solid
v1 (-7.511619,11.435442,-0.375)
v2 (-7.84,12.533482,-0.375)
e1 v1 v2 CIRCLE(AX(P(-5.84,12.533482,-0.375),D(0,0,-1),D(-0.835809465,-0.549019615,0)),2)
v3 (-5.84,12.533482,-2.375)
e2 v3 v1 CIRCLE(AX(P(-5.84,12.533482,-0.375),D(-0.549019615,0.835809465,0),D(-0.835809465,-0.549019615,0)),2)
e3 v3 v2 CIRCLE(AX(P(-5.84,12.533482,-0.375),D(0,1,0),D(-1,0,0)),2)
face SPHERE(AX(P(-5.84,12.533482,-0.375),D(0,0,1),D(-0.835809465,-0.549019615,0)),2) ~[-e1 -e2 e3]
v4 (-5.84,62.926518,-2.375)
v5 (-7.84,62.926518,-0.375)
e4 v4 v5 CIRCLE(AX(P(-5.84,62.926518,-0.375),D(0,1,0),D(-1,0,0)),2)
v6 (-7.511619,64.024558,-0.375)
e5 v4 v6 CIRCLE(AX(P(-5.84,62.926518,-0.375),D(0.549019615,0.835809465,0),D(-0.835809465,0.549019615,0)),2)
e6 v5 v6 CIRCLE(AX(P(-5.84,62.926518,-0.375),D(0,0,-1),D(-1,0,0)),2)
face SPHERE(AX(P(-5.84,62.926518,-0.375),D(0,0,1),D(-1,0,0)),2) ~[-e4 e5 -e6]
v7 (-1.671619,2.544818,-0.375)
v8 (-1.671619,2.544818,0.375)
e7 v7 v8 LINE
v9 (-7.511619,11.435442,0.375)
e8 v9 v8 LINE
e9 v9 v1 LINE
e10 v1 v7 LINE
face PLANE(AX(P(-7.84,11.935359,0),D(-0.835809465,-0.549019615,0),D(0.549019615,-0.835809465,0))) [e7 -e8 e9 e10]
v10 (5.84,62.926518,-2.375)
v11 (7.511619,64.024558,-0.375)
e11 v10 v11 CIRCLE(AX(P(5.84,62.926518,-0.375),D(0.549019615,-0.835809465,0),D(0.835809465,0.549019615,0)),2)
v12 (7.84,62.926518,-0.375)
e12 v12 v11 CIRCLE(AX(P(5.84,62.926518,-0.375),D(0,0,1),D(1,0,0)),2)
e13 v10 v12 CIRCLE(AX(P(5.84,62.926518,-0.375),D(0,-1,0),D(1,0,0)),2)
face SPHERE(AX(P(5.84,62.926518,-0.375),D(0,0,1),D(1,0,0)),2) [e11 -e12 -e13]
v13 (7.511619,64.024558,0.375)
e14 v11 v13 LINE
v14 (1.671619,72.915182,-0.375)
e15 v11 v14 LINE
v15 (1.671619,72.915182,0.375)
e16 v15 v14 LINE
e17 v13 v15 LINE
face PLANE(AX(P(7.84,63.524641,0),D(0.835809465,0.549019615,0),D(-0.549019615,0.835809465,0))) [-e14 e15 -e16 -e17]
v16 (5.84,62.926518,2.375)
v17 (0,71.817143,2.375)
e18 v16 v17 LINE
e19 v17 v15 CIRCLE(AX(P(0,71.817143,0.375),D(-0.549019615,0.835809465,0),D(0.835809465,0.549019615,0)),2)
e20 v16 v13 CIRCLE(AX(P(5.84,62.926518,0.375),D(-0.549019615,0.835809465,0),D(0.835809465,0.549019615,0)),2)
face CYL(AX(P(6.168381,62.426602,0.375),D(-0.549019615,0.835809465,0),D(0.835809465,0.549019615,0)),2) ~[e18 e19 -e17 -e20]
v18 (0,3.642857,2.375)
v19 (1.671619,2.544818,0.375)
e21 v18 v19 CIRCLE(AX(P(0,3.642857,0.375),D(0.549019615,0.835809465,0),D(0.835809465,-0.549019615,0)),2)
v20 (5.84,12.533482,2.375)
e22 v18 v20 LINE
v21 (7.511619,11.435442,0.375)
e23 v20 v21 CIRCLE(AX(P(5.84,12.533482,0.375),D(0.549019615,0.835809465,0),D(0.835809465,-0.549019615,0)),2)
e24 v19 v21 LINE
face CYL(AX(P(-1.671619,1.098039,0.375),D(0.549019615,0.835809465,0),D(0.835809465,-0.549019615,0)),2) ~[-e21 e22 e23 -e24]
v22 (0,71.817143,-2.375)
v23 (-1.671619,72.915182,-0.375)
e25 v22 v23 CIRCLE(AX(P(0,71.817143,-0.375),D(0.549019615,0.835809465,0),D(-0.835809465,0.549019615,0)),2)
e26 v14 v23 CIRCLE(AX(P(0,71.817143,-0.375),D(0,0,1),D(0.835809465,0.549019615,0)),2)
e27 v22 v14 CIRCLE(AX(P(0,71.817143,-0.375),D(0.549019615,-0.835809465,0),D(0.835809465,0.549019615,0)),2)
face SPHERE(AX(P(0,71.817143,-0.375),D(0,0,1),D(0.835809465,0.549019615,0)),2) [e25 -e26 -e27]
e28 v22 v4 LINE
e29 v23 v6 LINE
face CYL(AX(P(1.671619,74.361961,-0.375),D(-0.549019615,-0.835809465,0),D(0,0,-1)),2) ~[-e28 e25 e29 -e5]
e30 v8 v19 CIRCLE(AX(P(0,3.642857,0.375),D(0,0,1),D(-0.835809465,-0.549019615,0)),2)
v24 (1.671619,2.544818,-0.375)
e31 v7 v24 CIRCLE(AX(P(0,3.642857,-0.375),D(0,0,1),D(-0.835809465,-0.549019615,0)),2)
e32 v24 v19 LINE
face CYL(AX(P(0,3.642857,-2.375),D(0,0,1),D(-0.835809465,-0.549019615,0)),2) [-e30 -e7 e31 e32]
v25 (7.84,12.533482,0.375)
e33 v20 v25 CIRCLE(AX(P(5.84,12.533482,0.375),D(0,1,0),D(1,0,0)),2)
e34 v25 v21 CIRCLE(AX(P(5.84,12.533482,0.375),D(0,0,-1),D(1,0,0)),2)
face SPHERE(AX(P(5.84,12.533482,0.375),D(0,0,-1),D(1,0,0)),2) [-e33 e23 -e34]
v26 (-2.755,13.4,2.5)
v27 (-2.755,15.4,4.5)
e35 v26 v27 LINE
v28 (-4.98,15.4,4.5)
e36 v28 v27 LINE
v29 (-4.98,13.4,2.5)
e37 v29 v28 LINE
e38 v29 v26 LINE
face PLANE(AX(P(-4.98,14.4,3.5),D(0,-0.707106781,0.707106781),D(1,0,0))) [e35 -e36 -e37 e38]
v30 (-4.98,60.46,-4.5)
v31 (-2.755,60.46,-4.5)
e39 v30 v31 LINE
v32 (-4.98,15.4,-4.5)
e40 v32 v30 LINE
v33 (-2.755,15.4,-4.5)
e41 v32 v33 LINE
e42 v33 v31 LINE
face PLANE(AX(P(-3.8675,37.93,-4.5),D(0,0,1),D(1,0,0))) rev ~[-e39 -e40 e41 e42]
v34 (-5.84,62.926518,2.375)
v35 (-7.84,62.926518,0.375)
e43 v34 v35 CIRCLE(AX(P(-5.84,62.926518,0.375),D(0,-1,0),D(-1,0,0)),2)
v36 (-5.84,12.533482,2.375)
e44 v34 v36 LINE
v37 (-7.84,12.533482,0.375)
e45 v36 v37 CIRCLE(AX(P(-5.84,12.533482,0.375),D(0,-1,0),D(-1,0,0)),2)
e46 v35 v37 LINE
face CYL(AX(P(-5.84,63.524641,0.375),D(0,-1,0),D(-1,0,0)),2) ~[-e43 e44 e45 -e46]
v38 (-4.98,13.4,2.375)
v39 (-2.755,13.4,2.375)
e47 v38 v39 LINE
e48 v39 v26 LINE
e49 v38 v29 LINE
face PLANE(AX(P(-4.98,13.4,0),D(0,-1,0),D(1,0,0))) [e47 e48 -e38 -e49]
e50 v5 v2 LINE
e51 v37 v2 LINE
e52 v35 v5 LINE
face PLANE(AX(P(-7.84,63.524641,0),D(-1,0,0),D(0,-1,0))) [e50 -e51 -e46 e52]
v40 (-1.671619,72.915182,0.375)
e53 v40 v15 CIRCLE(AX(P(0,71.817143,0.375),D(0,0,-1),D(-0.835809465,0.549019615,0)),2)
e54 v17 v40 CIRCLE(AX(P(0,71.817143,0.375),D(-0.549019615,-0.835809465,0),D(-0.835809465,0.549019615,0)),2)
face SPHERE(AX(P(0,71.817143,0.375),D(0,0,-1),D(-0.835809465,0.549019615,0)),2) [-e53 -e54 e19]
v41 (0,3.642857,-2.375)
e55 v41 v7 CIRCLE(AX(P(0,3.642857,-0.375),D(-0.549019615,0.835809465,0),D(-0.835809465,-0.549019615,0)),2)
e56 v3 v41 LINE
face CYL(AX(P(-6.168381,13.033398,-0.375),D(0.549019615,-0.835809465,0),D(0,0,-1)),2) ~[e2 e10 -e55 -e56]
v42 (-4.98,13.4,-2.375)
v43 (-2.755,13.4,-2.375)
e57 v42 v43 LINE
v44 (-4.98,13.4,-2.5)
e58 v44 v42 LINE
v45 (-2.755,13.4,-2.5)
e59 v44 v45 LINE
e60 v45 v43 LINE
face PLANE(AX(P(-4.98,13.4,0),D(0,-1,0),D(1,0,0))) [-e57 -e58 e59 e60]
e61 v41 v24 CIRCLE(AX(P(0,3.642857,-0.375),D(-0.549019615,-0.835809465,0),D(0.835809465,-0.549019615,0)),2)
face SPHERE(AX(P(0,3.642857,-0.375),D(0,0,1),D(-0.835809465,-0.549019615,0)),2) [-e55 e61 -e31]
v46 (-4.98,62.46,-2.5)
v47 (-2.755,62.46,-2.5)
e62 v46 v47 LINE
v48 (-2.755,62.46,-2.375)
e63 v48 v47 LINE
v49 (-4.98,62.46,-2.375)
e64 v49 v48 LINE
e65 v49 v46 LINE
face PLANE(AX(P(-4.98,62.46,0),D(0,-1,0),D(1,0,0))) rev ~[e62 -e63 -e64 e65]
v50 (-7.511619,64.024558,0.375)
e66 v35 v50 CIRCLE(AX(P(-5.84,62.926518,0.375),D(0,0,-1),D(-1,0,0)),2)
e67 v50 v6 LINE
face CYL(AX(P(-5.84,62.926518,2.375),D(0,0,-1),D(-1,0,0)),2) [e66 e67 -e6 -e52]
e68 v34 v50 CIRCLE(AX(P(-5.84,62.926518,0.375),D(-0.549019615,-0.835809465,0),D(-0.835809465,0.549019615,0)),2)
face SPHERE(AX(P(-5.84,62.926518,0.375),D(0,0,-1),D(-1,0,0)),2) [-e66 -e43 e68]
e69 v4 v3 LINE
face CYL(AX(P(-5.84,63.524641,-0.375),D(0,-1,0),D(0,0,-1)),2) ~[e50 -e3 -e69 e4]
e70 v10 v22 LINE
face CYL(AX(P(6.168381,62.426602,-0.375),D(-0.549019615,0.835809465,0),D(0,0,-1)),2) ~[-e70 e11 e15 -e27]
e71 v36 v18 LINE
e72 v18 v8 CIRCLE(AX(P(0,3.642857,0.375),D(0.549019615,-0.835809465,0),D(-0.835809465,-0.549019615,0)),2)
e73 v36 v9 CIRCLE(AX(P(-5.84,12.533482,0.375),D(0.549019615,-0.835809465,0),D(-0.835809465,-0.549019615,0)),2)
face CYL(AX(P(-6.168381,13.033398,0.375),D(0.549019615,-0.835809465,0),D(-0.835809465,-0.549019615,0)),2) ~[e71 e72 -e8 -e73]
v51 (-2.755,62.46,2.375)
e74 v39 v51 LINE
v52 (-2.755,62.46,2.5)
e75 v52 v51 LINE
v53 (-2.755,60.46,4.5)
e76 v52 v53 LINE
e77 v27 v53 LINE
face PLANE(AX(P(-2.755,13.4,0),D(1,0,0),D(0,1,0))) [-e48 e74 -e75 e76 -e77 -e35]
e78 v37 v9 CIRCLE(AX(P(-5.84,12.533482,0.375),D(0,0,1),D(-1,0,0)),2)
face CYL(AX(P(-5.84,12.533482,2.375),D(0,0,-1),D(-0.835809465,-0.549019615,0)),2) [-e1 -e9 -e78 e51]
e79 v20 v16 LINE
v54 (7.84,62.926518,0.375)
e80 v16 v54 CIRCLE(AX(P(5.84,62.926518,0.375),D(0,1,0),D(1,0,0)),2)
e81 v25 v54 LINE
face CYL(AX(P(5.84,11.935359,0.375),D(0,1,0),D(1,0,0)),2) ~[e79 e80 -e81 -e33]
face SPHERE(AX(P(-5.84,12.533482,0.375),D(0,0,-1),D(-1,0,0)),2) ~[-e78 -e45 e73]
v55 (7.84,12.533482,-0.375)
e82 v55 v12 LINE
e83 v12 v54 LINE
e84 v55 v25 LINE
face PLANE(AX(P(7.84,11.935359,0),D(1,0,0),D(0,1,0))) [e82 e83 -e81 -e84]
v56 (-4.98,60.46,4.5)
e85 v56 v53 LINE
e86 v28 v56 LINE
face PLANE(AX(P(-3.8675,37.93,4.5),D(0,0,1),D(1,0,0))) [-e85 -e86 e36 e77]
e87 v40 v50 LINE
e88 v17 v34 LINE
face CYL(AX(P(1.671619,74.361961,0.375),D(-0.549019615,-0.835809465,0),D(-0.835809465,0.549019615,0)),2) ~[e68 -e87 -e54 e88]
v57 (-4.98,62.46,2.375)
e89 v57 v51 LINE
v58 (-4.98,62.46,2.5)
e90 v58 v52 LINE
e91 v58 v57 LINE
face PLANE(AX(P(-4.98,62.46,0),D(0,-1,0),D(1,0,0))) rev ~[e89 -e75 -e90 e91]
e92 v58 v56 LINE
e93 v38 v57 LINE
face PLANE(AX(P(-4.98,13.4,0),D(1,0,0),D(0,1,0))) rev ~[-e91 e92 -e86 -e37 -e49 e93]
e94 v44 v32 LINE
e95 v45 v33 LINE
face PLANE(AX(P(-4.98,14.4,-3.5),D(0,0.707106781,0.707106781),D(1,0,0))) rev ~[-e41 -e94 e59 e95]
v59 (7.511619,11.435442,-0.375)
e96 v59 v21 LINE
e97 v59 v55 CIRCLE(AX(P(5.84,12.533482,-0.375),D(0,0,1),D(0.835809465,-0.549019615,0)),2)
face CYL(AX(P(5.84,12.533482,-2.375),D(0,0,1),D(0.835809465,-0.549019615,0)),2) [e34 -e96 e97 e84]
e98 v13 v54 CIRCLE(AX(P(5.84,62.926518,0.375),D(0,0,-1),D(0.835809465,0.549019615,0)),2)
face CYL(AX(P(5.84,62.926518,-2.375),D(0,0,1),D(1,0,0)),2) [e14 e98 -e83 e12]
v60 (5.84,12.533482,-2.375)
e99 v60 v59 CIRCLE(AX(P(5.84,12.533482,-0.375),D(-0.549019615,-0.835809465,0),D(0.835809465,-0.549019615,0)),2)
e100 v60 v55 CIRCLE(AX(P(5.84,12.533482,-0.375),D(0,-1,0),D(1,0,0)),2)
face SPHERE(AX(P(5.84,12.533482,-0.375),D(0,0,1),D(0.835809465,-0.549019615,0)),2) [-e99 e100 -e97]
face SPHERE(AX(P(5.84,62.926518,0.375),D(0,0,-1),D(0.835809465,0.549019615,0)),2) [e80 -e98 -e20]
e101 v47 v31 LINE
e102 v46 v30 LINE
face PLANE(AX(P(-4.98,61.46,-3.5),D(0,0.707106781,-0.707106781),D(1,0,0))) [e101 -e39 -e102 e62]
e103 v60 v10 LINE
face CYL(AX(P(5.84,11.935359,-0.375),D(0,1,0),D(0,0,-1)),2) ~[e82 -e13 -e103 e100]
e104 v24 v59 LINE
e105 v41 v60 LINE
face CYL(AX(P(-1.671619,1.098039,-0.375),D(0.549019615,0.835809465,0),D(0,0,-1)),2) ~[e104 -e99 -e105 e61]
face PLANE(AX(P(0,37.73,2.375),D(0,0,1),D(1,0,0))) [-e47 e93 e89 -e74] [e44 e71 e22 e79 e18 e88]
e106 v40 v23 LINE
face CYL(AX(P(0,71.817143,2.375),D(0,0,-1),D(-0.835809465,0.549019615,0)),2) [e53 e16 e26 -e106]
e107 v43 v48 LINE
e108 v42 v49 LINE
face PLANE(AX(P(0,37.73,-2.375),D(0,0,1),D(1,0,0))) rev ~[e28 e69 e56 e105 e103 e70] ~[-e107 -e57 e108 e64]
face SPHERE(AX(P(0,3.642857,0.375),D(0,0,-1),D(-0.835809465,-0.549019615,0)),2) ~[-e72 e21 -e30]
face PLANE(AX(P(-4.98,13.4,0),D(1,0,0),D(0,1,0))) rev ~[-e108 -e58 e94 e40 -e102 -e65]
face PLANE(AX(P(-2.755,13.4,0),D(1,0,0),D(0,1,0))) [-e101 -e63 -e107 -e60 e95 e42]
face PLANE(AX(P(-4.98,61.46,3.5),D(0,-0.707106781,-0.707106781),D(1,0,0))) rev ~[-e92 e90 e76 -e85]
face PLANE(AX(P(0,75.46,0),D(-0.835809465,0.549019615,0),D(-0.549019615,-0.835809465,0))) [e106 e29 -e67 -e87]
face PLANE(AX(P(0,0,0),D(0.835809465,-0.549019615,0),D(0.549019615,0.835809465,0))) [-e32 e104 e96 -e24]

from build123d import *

# Parameters (mm, degrees)
F0_W     = 2.225
F0_H     = 49.06
F1_DEPTH = 4.5
F2_DEPTH = 2.375
F3_R     = 2
F4_SIZE  = 2


with BuildPart() as f1:
    # F0 (on Top) → F1 (new body, symmetric)
    with BuildSketch(Plane.XY):
        with Locations((-3.8675, 37.93)):
            Rectangle(F0_W, F0_H)
    extrude(amount=F1_DEPTH, both=True)

    # F0 (on Top) → F2 (join, symmetric)
    with BuildSketch(Plane.XY):
        Polygon((-7.84, 11.935359), (0, 0), (7.84, 11.935359), (7.84, 63.524641), (0, 75.46), (-7.84, 63.524641), align=None)
        with Locations((-3.8675, 37.93)):
            Rectangle(F0_W, F0_H, mode=Mode.SUBTRACT)
    extrude(amount=F2_DEPTH, both=True)

    # F3
    f3_edges = [f1.edges().sort_by_distance(p)[0] for p in [
        (-7.84, 37.73, 2.375),
        (-3.92, 69.49232, 2.375),
        (3.92, 69.49232, 2.375),
        (7.84, 37.73, 2.375),
        (-3.92, 5.96768, 2.375),
        (3.92, 5.96768, 2.375),
        (-3.92, 5.96768, -2.375),
        (-7.84, 37.73, -2.375),
        (3.92, 5.96768, -2.375),
        (7.84, 37.73, -2.375),
        (3.92, 69.49232, -2.375),
        (-3.92, 69.49232, -2.375),
        (0, 75.46, 0),
        (-7.84, 63.524641, 0),
        (7.84, 63.524641, 0),
        (7.84, 11.935359, 0),
        (-7.84, 11.935359, 0),
        (0, 0, 0),
    ]]
    fillet(f3_edges, radius=F3_R)

    # F4
    f4_edges = [f1.edges().sort_by_distance(p)[0] for p in [
        (-3.8675, 62.46, 4.5),
        (-3.8675, 62.46, -4.5),
        (-3.8675, 13.4, 4.5),
        (-3.8675, 13.4, -4.5),
    ]]
    chamfer(f4_edges, length=F4_SIZE)


solid = f1.part
